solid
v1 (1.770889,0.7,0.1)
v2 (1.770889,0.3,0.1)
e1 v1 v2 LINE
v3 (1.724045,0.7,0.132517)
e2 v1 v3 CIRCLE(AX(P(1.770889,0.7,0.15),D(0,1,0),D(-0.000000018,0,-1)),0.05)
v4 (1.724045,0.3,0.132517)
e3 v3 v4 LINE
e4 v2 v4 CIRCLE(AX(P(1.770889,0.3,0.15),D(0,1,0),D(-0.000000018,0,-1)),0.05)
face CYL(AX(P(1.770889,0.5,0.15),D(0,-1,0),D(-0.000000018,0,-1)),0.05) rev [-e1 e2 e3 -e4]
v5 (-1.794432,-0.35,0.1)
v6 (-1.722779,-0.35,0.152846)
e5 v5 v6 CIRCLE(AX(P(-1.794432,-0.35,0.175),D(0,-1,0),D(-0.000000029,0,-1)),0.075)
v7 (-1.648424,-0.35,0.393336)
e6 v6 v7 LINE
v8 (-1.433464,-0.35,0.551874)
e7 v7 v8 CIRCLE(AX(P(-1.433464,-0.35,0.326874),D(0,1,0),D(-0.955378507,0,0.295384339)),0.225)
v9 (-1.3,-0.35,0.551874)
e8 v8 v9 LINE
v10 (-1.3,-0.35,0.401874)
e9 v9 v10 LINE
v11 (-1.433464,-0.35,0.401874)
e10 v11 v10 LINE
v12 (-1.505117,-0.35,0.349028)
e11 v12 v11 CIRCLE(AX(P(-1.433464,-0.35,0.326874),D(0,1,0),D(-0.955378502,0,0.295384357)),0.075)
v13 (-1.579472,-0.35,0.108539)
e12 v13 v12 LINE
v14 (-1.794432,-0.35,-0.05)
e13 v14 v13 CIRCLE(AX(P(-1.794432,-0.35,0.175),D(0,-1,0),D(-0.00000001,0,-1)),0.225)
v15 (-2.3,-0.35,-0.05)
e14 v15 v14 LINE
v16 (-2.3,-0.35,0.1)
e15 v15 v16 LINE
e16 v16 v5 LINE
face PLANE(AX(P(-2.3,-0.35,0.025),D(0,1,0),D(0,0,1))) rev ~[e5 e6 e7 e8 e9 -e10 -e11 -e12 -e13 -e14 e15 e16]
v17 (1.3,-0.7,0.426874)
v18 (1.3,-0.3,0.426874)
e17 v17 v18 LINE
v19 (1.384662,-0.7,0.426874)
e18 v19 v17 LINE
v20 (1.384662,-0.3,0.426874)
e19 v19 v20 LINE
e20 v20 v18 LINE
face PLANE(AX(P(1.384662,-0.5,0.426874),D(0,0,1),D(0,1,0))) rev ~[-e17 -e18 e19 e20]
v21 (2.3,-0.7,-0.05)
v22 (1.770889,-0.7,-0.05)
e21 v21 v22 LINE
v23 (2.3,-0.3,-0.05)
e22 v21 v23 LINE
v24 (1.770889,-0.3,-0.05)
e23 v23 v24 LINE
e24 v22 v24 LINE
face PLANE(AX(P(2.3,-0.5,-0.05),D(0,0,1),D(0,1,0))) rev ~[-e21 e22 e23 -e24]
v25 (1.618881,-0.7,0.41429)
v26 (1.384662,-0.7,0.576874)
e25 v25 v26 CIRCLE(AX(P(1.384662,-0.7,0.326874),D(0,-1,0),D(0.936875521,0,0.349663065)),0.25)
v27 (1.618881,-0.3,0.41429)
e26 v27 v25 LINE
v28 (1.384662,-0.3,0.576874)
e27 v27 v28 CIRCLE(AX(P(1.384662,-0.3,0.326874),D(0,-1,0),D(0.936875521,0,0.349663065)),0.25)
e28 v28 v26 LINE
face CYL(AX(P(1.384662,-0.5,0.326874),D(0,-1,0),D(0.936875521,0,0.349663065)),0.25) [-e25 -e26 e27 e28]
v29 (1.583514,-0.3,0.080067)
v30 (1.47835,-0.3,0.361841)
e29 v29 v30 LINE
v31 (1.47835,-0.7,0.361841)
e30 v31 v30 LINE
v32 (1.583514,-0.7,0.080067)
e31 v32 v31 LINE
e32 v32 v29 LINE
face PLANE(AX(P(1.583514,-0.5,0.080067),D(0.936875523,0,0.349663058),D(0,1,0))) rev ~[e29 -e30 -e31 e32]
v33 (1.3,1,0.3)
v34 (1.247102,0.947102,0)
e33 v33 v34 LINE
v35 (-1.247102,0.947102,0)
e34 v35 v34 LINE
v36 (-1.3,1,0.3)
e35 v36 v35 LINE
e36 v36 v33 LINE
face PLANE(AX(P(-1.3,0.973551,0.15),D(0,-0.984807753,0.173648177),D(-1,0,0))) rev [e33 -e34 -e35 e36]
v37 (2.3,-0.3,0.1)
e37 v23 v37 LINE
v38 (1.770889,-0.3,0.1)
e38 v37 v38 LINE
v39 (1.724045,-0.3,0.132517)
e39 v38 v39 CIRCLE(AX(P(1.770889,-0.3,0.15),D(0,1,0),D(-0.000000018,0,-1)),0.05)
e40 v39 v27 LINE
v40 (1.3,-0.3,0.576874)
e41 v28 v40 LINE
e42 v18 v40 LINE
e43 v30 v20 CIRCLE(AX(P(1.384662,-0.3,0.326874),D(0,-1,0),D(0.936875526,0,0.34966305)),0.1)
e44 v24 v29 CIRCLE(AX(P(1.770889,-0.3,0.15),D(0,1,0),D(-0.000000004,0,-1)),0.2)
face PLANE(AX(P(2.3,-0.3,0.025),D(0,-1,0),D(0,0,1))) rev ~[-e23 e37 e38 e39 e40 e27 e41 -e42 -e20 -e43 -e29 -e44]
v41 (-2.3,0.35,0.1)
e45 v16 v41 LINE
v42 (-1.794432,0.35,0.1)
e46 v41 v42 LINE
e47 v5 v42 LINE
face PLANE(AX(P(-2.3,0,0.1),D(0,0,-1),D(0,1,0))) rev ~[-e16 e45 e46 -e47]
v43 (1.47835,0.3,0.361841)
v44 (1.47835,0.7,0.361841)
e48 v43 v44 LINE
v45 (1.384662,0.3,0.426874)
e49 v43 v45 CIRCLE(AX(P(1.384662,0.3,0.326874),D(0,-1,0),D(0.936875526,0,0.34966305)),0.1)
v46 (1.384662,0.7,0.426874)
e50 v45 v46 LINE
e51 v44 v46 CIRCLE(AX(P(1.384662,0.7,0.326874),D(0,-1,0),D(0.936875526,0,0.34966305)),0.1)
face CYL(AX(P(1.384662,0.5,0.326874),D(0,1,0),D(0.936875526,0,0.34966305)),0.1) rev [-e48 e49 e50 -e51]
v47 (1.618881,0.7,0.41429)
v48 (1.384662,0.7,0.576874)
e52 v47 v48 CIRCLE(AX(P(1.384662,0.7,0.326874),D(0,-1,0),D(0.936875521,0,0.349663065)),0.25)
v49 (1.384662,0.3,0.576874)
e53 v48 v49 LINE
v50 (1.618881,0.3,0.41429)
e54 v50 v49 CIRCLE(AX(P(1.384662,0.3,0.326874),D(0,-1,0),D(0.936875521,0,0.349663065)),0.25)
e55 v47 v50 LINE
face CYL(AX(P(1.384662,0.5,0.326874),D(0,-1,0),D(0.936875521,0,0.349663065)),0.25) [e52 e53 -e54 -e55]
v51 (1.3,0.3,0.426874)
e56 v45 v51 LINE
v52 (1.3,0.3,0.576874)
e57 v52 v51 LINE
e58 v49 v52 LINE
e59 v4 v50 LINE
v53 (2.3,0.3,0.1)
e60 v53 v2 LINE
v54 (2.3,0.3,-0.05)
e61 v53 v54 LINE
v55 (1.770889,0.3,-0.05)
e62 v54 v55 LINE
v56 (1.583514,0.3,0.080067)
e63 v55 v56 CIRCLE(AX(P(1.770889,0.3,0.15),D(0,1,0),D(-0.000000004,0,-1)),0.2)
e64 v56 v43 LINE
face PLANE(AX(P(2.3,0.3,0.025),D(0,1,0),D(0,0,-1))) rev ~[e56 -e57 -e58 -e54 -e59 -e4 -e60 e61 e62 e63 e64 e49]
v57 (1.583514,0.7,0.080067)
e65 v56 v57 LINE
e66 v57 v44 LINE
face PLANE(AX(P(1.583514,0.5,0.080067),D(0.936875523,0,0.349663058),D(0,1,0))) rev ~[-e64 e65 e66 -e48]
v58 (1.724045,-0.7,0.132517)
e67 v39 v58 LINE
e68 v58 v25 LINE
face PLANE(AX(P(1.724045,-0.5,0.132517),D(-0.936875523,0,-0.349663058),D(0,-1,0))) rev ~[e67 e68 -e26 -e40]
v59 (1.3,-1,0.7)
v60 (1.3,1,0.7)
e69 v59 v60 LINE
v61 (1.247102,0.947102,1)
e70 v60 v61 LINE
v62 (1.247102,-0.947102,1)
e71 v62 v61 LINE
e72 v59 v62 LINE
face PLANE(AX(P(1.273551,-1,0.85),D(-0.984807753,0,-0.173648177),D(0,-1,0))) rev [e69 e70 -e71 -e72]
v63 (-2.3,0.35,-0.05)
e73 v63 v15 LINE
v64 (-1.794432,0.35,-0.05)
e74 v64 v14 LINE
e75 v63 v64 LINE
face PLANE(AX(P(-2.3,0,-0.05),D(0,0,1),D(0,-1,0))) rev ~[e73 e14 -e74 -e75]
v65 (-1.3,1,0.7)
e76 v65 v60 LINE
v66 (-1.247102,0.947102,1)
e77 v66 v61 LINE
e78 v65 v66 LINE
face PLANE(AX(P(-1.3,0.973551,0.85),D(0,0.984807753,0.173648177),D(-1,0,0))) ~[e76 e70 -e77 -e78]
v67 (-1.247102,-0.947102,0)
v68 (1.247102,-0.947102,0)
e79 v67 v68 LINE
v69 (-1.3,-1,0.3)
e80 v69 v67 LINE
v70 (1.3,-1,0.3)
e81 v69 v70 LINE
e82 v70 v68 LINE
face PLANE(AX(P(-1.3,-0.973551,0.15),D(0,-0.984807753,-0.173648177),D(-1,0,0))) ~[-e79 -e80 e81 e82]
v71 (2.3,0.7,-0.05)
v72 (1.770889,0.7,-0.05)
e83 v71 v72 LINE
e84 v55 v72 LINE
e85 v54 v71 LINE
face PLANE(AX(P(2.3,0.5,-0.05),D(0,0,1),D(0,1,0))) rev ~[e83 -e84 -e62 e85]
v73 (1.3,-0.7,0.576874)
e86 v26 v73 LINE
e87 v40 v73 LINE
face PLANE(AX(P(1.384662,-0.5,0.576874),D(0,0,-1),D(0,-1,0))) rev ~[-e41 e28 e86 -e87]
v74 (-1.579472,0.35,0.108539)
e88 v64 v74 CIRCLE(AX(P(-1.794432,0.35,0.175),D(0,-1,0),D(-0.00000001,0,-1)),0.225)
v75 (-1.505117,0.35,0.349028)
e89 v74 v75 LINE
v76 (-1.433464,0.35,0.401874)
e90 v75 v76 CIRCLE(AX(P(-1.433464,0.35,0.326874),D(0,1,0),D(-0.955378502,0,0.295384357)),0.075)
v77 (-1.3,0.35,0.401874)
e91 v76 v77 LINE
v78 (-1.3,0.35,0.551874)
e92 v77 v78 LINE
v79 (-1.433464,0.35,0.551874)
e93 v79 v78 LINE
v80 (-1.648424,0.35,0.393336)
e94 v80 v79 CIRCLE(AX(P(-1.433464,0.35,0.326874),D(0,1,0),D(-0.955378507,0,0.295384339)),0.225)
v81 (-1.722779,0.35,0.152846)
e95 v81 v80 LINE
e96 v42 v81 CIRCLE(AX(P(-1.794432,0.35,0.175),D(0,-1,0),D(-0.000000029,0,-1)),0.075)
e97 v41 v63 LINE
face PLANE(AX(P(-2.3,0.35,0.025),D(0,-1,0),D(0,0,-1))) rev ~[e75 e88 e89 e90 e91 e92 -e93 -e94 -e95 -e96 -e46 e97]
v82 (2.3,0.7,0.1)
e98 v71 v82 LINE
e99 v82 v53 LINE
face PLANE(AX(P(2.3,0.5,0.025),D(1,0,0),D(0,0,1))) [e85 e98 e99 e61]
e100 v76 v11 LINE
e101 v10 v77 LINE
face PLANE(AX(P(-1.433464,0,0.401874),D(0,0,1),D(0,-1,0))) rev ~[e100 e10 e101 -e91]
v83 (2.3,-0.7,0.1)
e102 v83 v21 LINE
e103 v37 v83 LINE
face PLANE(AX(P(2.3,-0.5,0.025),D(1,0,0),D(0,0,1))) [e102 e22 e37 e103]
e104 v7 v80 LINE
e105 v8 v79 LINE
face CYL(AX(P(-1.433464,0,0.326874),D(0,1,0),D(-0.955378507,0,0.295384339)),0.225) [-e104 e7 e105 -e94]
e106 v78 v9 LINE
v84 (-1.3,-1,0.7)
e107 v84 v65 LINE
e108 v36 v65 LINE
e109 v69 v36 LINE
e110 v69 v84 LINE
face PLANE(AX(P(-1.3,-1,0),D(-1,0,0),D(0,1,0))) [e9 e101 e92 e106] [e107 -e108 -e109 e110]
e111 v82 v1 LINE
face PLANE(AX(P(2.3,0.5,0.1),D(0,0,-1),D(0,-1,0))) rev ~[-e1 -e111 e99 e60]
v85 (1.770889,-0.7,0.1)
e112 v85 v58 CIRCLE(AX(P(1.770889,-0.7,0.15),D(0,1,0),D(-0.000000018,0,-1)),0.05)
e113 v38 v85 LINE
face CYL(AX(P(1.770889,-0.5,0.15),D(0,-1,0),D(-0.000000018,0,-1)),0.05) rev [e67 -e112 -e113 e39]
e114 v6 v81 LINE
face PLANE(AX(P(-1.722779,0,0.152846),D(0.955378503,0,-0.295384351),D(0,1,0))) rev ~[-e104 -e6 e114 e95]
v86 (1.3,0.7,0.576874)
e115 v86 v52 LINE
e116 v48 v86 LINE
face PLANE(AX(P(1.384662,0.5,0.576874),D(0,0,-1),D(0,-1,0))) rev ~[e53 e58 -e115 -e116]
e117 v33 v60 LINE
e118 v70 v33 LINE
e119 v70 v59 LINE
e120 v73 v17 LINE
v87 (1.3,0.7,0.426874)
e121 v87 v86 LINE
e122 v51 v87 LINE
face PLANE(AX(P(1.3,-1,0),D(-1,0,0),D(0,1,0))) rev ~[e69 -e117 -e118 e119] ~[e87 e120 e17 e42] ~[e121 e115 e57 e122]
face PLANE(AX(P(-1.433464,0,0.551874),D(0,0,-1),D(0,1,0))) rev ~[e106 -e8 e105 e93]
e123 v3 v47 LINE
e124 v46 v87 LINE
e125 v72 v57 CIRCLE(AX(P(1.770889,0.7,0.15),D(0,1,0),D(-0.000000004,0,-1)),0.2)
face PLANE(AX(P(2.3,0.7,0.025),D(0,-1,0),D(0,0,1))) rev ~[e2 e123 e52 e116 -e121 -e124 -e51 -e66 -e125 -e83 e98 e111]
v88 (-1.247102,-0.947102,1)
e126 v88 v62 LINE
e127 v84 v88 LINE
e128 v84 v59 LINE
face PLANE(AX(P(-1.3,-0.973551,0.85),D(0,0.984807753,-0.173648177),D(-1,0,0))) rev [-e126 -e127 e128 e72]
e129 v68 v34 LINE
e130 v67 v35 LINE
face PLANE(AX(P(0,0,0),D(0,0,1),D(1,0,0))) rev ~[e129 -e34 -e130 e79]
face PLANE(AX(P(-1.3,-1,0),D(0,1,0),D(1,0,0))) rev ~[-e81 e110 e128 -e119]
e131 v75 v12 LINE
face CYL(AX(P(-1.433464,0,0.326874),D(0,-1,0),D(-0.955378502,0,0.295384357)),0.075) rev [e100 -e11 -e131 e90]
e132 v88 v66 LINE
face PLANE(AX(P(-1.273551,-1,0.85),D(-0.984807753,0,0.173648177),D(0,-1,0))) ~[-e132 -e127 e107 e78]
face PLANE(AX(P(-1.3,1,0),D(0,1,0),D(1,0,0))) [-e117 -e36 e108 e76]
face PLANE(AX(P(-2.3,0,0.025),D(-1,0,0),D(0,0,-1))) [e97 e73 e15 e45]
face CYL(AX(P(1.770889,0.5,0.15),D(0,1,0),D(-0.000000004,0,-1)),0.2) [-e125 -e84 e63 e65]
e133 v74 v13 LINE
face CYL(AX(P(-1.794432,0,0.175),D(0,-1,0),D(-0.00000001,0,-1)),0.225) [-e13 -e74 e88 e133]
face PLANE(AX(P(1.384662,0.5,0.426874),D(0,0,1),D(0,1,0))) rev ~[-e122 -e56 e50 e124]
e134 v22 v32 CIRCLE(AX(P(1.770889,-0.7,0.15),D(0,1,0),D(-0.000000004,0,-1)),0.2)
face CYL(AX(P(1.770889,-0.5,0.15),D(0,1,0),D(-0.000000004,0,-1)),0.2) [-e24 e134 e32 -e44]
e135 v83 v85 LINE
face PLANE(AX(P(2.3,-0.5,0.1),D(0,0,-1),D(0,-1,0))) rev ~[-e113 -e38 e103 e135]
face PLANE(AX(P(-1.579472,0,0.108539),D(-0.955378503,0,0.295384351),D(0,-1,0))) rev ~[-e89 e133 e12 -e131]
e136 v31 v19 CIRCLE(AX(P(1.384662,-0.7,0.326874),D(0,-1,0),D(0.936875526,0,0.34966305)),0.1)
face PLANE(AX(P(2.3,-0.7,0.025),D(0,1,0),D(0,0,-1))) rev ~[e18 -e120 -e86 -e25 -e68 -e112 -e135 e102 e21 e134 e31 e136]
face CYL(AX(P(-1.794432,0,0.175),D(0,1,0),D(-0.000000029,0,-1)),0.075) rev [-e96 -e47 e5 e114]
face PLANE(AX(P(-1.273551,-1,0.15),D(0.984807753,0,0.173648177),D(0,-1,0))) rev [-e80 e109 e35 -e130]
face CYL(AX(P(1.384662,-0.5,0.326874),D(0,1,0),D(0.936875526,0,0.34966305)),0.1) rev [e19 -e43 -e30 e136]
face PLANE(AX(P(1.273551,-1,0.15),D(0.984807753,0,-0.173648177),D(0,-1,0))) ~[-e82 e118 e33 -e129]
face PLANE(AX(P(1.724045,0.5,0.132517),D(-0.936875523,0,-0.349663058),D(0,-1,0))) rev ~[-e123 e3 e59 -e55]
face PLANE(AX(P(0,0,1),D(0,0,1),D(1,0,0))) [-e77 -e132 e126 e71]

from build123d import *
from OCP.BRepFilletAPI import BRepFilletAPI_MakeChamfer

# Parameters (mm, degrees)
SKETCH1_W           = 2.6
SKETCH1_H           = 2
BOSS_EXTRUDE1_DEPTH = 1
SKETCH2_W           = 0.15
SKETCH2_H           = 0.7
SKETCH4_W           = 0.15
SKETCH4_H           = 0.4
LPATTERN1_COUNT     = 2
LPATTERN1_PITCH     = 1
CHAMFER1_SIZE       = 0.3
CHAMFER1_SIZE2      = 0.052898094
CHAMFER3_SIZE       = 0.3
CHAMFER3_SIZE2      = 0.052898094


with BuildPart() as part:
    # Sketch1 → Boss-Extrude1 (new body)
    with BuildSketch(Plane.XY):
        Rectangle(SKETCH1_W, SKETCH1_H)
    extrude(amount=BOSS_EXTRUDE1_DEPTH)

    # Sweep1: sweep along a path in Sketch3
    with BuildLine(Plane(origin=(0, 0, 0), x_dir=(1, 0, 0), z_dir=(0, 1, 0))) as sweep1_path:
        Line((-2.3, -0.025), (-1.79443196, -0.025))
        ThreePointArc((-1.79443196, -0.025), (-1.705398673, -0.054281012), (-1.651125184, -0.130692347))
        Line((-1.651125184, -0.130692347), (-1.576770506, -0.371181935))
        ThreePointArc((-1.576770506, -0.371181935), (-1.522497017, -0.44759327), (-1.433463731, -0.476874282))
        Line((-1.433463731, -0.476874282), (-0.426220015, -0.476874282))
    # Sketch2 → Sweep1 (sweep)
    with BuildSketch(Plane.ZY.offset(2.3)):
        with Locations((0.025, 0)):
            Rectangle(SKETCH2_W, SKETCH2_H)
    sweep(path=sweep1_path.line)

    # Sweep3: sweep along a path in Sketch5
    with BuildLine(Plane(origin=(0, -0.5, 0), x_dir=(1, 0, 0), z_dir=(0, 1, 0))) as sweep3_path:
        Line((2.3, 0), (1.770889152, 0))
        ThreePointArc((1.770889152, 0), (1.685353834, -0.026777805), (1.630357823, -0.097550541))
        Line((1.630357823, -0.097550541), (1.525193715, -0.379323741))
        ThreePointArc((1.525193715, -0.379323741), (1.470197705, -0.450096477), (1.384662387, -0.476874282))
        Line((1.384662387, -0.476874282), (0.631515544, -0.476874282))
    # Sketch4 → Sweep3 (sweep)
    with BuildSketch(Plane(origin=(2.3, 0, 0), x_dir=(0, 0, -1), z_dir=(1, 0, 0))):
        with Locations((-0.025, -0.5)):
            Rectangle(SKETCH4_W, SKETCH4_H)
    sweep3 = sweep(path=sweep3_path.line)

    # LPattern1: Sweep3 ×2
    with Locations(*[(0, i * LPATTERN1_PITCH, 0) for i in range(1, LPATTERN1_COUNT)]):
        add(sweep3)

    # Chamfer1: one chamfer whose edges measure the first distance from different faces: ONE call of the kernel's chamfer builder (chamfer() names one face for all edges)
    chamfer1_edges_1 = [part.edges().sort_by_distance(p)[0] for p in [
        (0, 1, 1),
    ]]
    chamfer1_side_1 = [part.faces().sort_by_distance(p)[0] for p in [
        (0, 1, 0.5),
    ]]
    chamfer1_edges_2 = [part.edges().sort_by_distance(p)[0] for p in [
        (-1.3, 0, 1),
    ]]
    chamfer1_side_2 = [part.faces().sort_by_distance(p)[0] for p in [
        (-1.3, 0.97763932, 0.5),
    ]]
    chamfer1_edges_3 = [part.edges().sort_by_distance(p)[0] for p in [
        (0, -1, 1),
    ]]
    chamfer1_side_3 = [part.faces().sort_by_distance(p)[0] for p in [
        (0, -1, 0.5),
    ]]
    chamfer1_edges_4 = [part.edges().sort_by_distance(p)[0] for p in [
        (1.3, 0, 1),
    ]]
    chamfer1_side_4 = [part.faces().sort_by_distance(p)[0] for p in [
        (1.3, 0, 0.499880365),
    ]]
    chamfer1 = BRepFilletAPI_MakeChamfer(part.part.solid().wrapped)
    for e in chamfer1_edges_1:
        chamfer1.Add(CHAMFER1_SIZE, CHAMFER1_SIZE2, e.wrapped, chamfer1_side_1[0].wrapped)  # the first distance lies on this face
    for e in chamfer1_edges_2:
        chamfer1.Add(CHAMFER1_SIZE, CHAMFER1_SIZE2, e.wrapped, chamfer1_side_2[0].wrapped)  # the first distance lies on this face
    for e in chamfer1_edges_3:
        chamfer1.Add(CHAMFER1_SIZE, CHAMFER1_SIZE2, e.wrapped, chamfer1_side_3[0].wrapped)  # the first distance lies on this face
    for e in chamfer1_edges_4:
        chamfer1.Add(CHAMFER1_SIZE, CHAMFER1_SIZE2, e.wrapped, chamfer1_side_4[0].wrapped)  # the first distance lies on this face
    add(Compound.cast(chamfer1.Shape()), mode=Mode.REPLACE)

    # Chamfer3: one chamfer whose edges measure the first distance from different faces: ONE call of the kernel's chamfer builder (chamfer() names one face for all edges)
    chamfer3_edges_1 = [part.edges().sort_by_distance(p)[0] for p in [
        (-1.3, 0, 0),
    ]]
    chamfer3_side_1 = [part.faces().sort_by_distance(p)[0] for p in [
        (-1.3, 0, 0.339712896),
    ]]
    chamfer3_edges_2 = [part.edges().sort_by_distance(p)[0] for p in [
        (0, 1, 0),
    ]]
    chamfer3_side_2 = [part.faces().sort_by_distance(p)[0] for p in [
        (0, 1, 0.35),
    ]]
    chamfer3_edges_3 = [part.edges().sort_by_distance(p)[0] for p in [
        (1.3, 0, 0),
    ]]
    chamfer3_side_3 = [part.faces().sort_by_distance(p)[0] for p in [
        (1.3, 0, 0.335761786),
    ]]
    chamfer3_edges_4 = [part.edges().sort_by_distance(p)[0] for p in [
        (0, -1, 0),
    ]]
    chamfer3_side_4 = [part.faces().sort_by_distance(p)[0] for p in [
        (0, -1, 0.35),
    ]]
    chamfer3 = BRepFilletAPI_MakeChamfer(part.part.solid().wrapped)
    for e in chamfer3_edges_1:
        chamfer3.Add(CHAMFER3_SIZE, CHAMFER3_SIZE2, e.wrapped, chamfer3_side_1[0].wrapped)  # the first distance lies on this face
    for e in chamfer3_edges_2:
        chamfer3.Add(CHAMFER3_SIZE, CHAMFER3_SIZE2, e.wrapped, chamfer3_side_2[0].wrapped)  # the first distance lies on this face
    for e in chamfer3_edges_3:
        chamfer3.Add(CHAMFER3_SIZE, CHAMFER3_SIZE2, e.wrapped, chamfer3_side_3[0].wrapped)  # the first distance lies on this face
    for e in chamfer3_edges_4:
        chamfer3.Add(CHAMFER3_SIZE, CHAMFER3_SIZE2, e.wrapped, chamfer3_side_4[0].wrapped)  # the first distance lies on this face
    add(Compound.cast(chamfer3.Shape()), mode=Mode.REPLACE)


solid = part.part
